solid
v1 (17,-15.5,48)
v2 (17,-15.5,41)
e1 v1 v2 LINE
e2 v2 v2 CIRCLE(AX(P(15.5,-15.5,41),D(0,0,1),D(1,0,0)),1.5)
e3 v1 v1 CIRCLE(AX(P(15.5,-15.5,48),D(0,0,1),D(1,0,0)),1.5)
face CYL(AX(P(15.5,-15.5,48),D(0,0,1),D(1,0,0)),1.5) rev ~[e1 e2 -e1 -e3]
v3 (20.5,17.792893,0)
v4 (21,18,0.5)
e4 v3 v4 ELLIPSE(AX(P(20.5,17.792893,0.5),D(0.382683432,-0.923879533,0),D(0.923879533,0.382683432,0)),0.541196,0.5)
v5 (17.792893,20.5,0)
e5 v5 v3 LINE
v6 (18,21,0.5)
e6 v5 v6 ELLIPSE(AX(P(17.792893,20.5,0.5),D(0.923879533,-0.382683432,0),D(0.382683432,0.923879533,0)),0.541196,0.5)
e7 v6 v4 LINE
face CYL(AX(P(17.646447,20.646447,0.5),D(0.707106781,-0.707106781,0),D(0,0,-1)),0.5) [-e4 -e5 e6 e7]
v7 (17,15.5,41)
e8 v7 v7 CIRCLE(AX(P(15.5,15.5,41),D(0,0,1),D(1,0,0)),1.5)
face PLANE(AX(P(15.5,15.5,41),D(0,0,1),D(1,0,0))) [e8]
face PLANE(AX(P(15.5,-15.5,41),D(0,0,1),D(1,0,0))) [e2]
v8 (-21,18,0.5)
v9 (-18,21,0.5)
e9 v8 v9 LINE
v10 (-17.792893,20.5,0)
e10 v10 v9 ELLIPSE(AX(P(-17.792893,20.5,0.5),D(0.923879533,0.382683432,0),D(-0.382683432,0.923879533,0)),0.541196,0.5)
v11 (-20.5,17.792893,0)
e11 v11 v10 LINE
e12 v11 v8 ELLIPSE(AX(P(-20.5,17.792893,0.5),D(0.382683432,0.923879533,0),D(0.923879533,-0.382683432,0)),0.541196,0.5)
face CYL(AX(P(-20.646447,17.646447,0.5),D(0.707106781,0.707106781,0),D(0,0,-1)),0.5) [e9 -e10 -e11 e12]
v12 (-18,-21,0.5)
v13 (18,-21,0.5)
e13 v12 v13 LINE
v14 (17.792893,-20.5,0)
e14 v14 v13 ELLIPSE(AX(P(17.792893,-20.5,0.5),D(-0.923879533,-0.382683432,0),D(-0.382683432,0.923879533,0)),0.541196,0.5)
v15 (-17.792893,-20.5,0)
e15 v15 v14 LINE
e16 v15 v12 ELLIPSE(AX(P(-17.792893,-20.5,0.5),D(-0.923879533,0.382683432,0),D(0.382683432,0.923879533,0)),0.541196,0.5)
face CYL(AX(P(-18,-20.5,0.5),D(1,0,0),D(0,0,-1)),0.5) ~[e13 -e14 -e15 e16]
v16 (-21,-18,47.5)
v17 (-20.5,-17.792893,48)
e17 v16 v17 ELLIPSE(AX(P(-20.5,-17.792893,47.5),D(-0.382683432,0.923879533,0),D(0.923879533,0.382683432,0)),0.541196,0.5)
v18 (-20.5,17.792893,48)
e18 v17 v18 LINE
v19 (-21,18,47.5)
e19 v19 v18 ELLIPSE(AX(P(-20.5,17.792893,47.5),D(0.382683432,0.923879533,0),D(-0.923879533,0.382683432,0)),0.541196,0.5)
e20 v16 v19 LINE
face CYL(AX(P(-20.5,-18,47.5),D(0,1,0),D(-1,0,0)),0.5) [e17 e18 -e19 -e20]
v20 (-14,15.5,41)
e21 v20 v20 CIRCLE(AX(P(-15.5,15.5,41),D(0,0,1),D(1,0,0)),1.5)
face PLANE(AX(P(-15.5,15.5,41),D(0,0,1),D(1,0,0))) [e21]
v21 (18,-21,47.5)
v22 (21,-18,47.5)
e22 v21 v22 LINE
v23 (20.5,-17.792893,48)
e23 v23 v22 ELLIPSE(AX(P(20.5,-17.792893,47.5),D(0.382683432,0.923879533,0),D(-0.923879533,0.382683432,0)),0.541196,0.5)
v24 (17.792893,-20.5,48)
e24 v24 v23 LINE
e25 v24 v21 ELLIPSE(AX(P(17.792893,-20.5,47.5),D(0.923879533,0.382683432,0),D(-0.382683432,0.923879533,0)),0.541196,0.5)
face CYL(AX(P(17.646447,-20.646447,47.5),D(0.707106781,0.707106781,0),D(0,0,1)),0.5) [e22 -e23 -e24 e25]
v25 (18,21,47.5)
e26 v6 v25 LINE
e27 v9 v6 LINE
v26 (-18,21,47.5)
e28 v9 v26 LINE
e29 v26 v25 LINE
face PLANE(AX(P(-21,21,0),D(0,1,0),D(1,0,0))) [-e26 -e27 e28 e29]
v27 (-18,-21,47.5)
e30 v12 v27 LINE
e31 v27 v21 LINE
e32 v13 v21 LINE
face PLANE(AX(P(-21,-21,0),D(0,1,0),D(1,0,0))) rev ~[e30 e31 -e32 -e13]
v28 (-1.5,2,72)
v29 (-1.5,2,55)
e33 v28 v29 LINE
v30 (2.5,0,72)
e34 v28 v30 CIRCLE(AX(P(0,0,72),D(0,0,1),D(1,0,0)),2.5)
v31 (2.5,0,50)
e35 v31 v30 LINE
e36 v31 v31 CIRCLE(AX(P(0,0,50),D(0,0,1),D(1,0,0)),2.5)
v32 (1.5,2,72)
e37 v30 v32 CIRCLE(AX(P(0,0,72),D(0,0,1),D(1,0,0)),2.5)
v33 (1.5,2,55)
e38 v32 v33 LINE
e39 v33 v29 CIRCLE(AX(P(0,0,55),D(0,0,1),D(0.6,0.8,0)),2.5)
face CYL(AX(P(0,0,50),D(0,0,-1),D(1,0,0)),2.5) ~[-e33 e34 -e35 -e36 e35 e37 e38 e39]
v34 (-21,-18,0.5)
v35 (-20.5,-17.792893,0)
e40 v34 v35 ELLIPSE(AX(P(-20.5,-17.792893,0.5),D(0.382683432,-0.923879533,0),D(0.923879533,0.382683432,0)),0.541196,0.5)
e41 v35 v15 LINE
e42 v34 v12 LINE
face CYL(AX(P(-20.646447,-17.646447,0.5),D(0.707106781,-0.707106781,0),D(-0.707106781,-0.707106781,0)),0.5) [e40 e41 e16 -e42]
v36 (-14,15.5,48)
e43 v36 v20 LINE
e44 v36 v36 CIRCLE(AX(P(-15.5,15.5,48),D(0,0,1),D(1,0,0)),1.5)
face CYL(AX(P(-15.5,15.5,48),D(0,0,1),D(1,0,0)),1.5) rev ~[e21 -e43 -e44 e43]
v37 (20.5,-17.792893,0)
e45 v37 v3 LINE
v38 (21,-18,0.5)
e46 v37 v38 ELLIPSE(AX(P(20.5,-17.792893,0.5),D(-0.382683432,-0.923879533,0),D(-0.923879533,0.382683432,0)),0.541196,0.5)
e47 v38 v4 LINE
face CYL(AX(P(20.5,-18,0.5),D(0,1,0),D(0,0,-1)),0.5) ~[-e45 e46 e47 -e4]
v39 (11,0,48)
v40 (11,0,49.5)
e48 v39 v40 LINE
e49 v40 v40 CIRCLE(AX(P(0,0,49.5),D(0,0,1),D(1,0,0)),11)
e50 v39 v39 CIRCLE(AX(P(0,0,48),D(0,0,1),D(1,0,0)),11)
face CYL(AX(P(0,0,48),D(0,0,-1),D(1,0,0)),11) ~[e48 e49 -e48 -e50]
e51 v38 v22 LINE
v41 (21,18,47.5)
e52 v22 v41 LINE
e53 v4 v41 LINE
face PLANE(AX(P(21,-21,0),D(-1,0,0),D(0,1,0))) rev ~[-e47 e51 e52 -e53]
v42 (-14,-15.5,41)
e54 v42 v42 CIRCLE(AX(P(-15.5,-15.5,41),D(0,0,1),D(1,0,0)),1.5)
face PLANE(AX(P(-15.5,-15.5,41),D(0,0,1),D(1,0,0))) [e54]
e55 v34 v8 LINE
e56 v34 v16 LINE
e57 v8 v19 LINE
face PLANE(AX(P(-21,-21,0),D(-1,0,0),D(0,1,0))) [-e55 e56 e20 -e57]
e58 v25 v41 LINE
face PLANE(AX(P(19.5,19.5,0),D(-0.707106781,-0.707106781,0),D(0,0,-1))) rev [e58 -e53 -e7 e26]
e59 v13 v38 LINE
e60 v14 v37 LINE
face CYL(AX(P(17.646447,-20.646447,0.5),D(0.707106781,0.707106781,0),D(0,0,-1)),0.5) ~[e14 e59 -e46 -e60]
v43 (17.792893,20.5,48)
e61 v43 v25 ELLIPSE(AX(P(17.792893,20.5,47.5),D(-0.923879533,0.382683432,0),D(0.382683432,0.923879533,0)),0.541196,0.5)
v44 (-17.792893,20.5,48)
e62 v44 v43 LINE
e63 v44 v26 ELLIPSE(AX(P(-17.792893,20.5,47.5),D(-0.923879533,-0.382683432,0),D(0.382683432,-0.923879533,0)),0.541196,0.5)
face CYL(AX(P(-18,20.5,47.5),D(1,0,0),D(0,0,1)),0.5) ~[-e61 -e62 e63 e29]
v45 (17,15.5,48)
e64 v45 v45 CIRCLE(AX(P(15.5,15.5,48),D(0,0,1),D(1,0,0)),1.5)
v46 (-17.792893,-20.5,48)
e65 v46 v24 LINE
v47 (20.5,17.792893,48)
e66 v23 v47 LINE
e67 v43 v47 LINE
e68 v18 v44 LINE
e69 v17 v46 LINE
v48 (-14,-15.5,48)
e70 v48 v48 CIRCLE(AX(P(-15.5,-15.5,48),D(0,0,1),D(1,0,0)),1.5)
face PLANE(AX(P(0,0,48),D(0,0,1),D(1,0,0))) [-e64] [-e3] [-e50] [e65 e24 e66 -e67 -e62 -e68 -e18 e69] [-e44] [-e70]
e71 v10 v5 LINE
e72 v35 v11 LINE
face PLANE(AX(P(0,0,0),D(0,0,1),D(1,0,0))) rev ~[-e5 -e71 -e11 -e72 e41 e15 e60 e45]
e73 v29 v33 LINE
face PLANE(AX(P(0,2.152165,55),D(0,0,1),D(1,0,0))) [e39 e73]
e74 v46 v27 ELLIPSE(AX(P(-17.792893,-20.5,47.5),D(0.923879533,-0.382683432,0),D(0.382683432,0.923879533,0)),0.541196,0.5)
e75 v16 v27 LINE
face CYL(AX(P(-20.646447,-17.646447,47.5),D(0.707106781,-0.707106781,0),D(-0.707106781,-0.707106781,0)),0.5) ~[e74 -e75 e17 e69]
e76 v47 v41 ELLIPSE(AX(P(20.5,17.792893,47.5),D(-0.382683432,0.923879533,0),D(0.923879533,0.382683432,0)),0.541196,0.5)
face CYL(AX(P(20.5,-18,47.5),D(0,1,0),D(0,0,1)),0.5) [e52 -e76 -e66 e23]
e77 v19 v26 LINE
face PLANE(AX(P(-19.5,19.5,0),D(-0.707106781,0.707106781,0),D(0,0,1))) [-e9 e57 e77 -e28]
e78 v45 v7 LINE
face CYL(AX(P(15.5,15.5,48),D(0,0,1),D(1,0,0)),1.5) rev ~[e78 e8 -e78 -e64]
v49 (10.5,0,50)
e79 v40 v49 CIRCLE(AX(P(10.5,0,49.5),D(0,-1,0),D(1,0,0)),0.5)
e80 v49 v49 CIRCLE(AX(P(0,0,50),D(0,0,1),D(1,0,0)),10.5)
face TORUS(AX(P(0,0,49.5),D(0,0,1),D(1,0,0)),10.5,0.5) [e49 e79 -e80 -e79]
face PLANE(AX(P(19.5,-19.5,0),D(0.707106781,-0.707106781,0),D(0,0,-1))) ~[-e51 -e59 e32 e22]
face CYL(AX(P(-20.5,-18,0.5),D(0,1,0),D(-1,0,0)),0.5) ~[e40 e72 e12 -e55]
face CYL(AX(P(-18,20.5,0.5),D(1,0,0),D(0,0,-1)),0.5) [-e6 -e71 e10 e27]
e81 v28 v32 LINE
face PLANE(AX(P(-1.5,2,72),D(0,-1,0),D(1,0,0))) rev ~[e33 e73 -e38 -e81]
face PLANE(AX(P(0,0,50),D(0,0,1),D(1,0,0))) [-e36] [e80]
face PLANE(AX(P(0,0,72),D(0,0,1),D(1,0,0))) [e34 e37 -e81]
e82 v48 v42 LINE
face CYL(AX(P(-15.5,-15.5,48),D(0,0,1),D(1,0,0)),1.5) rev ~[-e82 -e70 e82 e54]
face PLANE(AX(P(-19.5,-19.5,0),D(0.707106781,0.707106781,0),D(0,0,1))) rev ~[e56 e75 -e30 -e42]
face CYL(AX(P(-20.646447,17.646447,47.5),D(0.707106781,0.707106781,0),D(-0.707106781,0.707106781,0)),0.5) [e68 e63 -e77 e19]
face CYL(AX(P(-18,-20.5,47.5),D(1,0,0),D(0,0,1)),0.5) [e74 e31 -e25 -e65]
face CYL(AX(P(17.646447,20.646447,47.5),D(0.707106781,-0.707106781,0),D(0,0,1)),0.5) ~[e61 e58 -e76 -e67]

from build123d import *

# Parameters (mm, degrees)
F2_W      = 42
F2_H      = 42
F3_DEPTH  = 48
F4_R      = 1.5
F5_DEPTH  = 7
F4_R_2    = 11
F6_DEPTH  = 2
F7_R      = 2.5
F8_DEPTH  = 22
F10_DEPTH = 17
F11_SIZE  = 3
F12_R     = 0.5
F13_R     = 0.5
F14_R     = 0.5


with BuildPart() as f3:
    # F2 (on Top) → F3 (new body)
    with BuildSketch(Plane.XY):
        Rectangle(F2_W, F2_H)
    extrude(amount=F3_DEPTH)

    # F4 (on face) → F5 (cut)
    with BuildSketch(Plane.XY.offset(48)):
        with Locations((-15.5, -15.5)):
            Circle(F4_R)
        with Locations((-15.5, 15.5)):
            Circle(F4_R)
        with Locations((15.5, 15.5)):
            Circle(F4_R)
        with Locations((15.5, -15.5)):
            Circle(F4_R)
    extrude(amount=-F5_DEPTH, mode=Mode.SUBTRACT)

    # F4 (on face) → F6 (join)
    with BuildSketch(Plane.XY.offset(48)):
        Circle(F4_R_2)
    extrude(amount=F6_DEPTH)

    # F7 (on face) → F8 (join)
    with BuildSketch(Plane.XY.offset(50)):
        Circle(F7_R)
    extrude(amount=F8_DEPTH)

    # F9 (on face) → F10 (cut)
    with BuildSketch(Plane.XY.offset(72)):
        with BuildLine():
            ThreePointArc((1.5, 2), (0, 2.5), (-1.5, 2))
            Line((-1.5, 2), (1.5, 2))
        make_face()
    extrude(amount=-F10_DEPTH, mode=Mode.SUBTRACT)

    # F11
    f11_edges = [f3.edges().sort_by_distance(p)[0] for p in [
        (21, -21, 24),
        (21, 21, 24),
        (-21, -21, 24),
        (-21, 21, 24),
    ]]
    chamfer(f11_edges, length=F11_SIZE)

    # F12
    f12_edges = [f3.edges().sort_by_distance(p)[0] for p in [
        (0, 21, 48),
        (19.5, 19.5, 48),
        (21, 0, 48),
        (19.5, -19.5, 48),
        (0, -21, 48),
        (-19.5, -19.5, 48),
        (-21, 0, 48),
        (-19.5, 19.5, 48),
    ]]
    fillet(f12_edges, radius=F12_R)

    # F13
    f13_edges = [f3.edges().sort_by_distance(p)[0] for p in [
        (-19.5, 19.5, 0),
        (0, 21, 0),
        (19.5, 19.5, 0),
        (21, 0, 0),
        (19.5, -19.5, 0),
        (0, -21, 0),
        (-19.5, -19.5, 0),
        (-21, 0, 0),
    ]]
    fillet(f13_edges, radius=F13_R)

    # F14
    f14_edges = [f3.edges().sort_by_distance(p)[0] for p in [
        (-11, 0, 50),
    ]]
    fillet(f14_edges, radius=F14_R)


solid = f3.part
